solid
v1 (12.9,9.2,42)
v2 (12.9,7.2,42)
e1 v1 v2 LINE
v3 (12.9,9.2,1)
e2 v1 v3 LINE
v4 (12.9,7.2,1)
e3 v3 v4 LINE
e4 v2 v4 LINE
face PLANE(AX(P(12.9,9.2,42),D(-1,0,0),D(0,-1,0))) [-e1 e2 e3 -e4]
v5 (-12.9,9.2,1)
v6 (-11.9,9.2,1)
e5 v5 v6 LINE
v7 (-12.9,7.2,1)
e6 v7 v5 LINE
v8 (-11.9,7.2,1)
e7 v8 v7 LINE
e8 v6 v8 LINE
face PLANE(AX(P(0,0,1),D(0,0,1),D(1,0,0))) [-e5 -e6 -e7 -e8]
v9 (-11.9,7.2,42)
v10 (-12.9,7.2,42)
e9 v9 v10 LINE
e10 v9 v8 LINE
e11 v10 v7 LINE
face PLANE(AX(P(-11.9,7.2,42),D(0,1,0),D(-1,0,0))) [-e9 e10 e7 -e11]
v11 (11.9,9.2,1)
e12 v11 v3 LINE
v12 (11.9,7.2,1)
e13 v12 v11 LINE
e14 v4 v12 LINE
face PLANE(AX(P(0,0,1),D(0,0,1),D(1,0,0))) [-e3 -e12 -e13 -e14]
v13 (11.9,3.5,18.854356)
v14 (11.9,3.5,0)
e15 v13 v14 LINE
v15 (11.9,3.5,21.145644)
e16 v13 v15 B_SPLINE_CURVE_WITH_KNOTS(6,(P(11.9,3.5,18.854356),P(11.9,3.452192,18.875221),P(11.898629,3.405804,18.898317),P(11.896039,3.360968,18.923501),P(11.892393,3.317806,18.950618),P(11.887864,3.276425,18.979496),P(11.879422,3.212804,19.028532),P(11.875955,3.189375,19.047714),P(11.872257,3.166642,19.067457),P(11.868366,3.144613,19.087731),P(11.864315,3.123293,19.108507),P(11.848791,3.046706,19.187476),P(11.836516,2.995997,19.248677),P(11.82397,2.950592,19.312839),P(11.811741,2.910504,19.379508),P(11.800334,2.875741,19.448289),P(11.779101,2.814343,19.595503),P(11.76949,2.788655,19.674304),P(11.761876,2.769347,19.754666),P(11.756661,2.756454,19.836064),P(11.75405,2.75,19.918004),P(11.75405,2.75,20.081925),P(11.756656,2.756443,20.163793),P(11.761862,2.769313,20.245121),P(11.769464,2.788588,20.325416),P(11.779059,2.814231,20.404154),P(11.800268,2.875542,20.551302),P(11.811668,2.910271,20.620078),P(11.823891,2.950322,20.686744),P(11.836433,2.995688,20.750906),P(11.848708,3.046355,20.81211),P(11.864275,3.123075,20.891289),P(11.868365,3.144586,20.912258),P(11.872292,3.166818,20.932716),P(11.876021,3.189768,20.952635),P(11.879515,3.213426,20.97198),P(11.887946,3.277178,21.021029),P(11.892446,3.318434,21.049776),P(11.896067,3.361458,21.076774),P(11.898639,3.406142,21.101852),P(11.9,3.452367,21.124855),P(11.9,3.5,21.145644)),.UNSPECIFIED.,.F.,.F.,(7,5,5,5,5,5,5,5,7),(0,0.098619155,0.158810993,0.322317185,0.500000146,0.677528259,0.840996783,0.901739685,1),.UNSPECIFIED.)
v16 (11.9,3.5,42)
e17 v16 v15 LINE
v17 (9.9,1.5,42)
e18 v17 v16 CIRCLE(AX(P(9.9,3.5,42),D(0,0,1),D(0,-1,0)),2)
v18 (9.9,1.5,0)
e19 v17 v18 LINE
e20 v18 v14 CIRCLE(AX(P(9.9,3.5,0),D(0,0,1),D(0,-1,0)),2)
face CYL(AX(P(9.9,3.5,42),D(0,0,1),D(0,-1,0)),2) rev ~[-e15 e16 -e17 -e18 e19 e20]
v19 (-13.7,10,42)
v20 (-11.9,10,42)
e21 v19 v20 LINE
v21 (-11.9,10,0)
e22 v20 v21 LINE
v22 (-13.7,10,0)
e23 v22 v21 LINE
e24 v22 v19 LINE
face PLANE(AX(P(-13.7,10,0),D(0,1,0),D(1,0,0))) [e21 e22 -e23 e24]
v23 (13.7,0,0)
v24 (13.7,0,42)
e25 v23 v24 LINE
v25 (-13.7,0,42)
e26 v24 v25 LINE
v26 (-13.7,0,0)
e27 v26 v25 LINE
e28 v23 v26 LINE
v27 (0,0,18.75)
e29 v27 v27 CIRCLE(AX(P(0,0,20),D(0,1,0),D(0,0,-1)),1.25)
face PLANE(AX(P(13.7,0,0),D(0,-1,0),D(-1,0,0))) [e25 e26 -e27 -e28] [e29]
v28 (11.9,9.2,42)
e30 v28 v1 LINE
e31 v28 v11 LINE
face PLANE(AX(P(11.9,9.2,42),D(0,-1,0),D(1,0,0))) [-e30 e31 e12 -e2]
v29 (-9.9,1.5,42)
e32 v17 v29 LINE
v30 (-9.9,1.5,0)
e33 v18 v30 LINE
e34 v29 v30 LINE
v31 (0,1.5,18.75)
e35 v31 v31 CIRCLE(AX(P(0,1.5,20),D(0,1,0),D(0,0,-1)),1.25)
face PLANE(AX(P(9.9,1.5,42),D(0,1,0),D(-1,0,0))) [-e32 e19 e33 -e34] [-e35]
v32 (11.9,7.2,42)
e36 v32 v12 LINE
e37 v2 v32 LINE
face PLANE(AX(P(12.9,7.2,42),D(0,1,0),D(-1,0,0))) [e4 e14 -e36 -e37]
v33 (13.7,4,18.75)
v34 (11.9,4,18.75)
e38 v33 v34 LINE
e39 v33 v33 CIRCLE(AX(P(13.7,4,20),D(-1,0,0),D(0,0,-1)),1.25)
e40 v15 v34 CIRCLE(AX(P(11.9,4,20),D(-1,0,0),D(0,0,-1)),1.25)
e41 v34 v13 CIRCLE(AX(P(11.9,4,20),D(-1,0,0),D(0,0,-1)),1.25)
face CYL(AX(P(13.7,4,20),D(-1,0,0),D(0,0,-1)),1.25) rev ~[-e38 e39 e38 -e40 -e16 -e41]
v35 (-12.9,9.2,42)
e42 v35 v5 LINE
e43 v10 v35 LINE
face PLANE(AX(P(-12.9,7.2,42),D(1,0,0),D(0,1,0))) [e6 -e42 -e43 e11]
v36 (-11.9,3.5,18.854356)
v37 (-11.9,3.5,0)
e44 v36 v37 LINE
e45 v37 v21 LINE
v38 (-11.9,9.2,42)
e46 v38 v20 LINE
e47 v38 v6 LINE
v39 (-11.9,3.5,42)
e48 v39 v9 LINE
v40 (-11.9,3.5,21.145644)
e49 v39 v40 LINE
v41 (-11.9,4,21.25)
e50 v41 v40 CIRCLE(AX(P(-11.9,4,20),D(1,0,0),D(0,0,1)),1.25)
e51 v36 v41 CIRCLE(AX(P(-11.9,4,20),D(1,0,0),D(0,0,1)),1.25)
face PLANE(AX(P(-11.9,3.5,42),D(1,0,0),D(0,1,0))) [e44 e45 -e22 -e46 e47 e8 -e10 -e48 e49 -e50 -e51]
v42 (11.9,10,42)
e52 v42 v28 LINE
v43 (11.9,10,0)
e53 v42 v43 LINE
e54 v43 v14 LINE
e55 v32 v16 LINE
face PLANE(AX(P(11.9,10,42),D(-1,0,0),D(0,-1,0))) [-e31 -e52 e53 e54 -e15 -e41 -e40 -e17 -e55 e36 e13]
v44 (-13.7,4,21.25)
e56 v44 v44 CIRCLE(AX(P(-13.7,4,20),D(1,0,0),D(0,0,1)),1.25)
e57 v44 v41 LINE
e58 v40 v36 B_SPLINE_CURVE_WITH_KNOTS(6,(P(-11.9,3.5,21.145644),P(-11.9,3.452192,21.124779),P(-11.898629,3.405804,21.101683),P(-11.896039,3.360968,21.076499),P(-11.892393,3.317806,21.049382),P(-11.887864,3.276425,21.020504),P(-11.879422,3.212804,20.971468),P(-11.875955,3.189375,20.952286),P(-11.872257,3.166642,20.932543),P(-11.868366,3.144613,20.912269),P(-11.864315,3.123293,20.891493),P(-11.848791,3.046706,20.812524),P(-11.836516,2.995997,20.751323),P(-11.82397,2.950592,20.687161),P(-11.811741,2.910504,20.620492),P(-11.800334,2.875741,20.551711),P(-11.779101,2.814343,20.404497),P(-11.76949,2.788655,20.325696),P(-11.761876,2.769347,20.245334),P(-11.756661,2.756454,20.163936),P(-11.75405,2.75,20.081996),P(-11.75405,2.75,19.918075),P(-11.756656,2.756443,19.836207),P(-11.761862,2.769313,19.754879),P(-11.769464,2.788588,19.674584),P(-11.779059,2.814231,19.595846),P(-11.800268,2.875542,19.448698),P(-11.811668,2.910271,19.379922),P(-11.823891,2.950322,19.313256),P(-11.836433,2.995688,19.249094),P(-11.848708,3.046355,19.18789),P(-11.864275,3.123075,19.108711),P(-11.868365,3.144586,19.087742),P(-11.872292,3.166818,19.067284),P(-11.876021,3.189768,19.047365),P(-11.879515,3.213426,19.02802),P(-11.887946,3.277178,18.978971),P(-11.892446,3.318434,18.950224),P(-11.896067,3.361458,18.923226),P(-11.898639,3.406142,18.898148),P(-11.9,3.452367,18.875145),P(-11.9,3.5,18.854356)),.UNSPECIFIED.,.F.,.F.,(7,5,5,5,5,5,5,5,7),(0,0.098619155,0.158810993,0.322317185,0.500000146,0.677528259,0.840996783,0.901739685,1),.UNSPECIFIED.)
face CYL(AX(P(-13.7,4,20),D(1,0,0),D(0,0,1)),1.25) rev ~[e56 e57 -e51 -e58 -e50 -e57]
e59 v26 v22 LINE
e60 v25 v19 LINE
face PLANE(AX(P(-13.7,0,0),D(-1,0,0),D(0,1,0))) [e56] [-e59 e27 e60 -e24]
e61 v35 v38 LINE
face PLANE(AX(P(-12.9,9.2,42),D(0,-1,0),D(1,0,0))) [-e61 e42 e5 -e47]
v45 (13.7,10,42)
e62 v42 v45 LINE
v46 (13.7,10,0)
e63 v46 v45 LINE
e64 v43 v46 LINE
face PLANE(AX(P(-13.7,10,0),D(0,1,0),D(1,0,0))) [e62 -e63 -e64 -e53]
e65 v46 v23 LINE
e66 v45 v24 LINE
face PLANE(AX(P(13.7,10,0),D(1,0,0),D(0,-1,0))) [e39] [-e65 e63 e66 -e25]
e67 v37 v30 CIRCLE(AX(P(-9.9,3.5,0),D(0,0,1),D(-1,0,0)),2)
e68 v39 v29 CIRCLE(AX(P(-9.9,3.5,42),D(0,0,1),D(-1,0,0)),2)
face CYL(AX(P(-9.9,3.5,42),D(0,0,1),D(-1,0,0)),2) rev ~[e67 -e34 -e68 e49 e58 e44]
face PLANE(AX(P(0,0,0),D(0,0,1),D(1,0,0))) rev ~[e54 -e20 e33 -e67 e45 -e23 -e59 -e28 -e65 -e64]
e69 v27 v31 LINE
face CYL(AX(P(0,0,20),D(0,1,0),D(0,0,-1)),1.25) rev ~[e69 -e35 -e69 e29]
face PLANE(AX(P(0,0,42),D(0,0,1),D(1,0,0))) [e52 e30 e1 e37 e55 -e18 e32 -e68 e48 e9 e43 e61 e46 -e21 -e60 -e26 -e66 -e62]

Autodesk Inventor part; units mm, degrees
ref_plane "YZ Plane" through (0, 0, 0) normal (1, 0, 0) x (0, 1, 0)
ref_plane "XZ Plane" through (0, 0, 0) normal (0, 1, 0) x (-1, 0, 0)
ref_plane "XY Plane" through (0, 0, 0) normal (0, 0, 1) x (1, 0, 0)
sketch "本体面" plane through (0, 0, 0) normal (0, 0, 1) x (1, 0, 0)
  line L0 (-13.7, 10) -> (13.7, 10)
  line L1 (13.7, 10) -> (13.7, 0)
  line L2 (13.7, 0) -> (-13.7, 0)
  line L3 (-13.7, 0) -> (-13.7, 10)
  point P0 (0, 0)
  point P1 (0, 0)
  dimension "d0" = 27.4
  dimension "d1" = 10
extrude "本体" add sketch "本体面" along normal blind 42
sketch "空洞面" plane through (0, 0, 42) normal (0, 0, 1) x (1, 0, 0)
  line L0 (-11.9, 10) -> (11.9, 10)
  line L1 (11.9, 10) -> (11.9, 3.5)
  line L2 (9.9, 1.5) -> (-9.9, 1.5)
  line L3 (-11.9, 3.5) -> (-11.9, 10)
  line L4 (13.7, 10) -> (-13.7, 10) projected
  arc A0 (-11.9, 3.5) -> (-9.9, 1.5) centre (-9.9, 3.5) ccw
  arc A1 (9.9, 1.5) -> (11.9, 3.5) centre (9.9, 3.5) ccw
  point P0 (0, 0)
  point P1 (11.9, 1.5)
  point P2 (-11.9, 1.5)
  point P3 (0, 10)
  dimension "d4" = 23.8
  dimension "d5" = 8.5
  dimension "d6" = 2
extrude "空洞" cut sketch "空洞面" against normal blind 42
sketch "左溝面" plane through (0, 0, 42) normal (0, 0, 1) x (1, 0, 0)
  line L0 (-12.9, 9.2) -> (-11.9, 9.2)
  line L1 (-11.9, 9.2) -> (-11.9, 7.2)
  line L2 (-11.9, 7.2) -> (-12.9, 7.2)
  line L3 (-12.9, 7.2) -> (-12.9, 9.2)
  line L4 (-11.9, 10) -> (-13.7, 10) construction
  line L5 (-13.7, 10) -> (-13.7, 0) construction
  line L6 (-11.9, 3.5) -> (-11.9, 10) construction
  point P0 (0, 0)
  dimension "d10" = 2
  dimension "d27" = 0.8
  dimension "d28" = 0.8
extrude "左溝" cut sketch "左溝面" against normal blind 41
sketch "右溝面" plane through (0, 0, 42) normal (0, 0, 1) x (1, 0, 0)
  line L0 (11.9, 9.2) -> (12.9, 9.2)
  line L1 (12.9, 9.2) -> (12.9, 7.2)
  line L2 (12.9, 7.2) -> (11.9, 7.2)
  line L3 (11.9, 7.2) -> (11.9, 9.2)
  line L4 (13.7, 10) -> (11.9, 10) projected
  line L5 (13.7, 0) -> (13.7, 10) projected
  line L6 (11.9, 10) -> (11.9, 3.5) projected
  point P0 (0, 0)
  dimension "d22" = 2
  dimension "d29" = 0.8
  dimension "d30" = 0.8
extrude "右溝" cut sketch "右溝面" against normal blind 41
sketch "右穴位置" plane through (13.7, 0, 0) normal (1, 0, 0) x (0, 0, -1)
  line L0 (-20, 0) -> (0, 0) construction
  line L1 (-20, 0) -> (-20, 4) construction
  line L2 (0, 10) -> (-42, 10) construction
  line L3 (0, 0) -> (-42, 0) construction
  line L4 (0, 10) -> (0, 0) construction
  dimension "d31" = 20
  dimension "d32" = 4
hole "右穴" at (13.7, 4, 20) direction (-1, 0, 0) diameter 2.5 depth 8 tip angle 118
sketch "左穴位置" plane through (-13.7, 0, 0) normal (-1, 0, 0) x (0, 0, 1)
  line L0 (0, 0) -> (20, 0) construction
  line L1 (20, 0) -> (20, 4) construction
  point P0 (0, 0)
  point P1 (0, 0)
  dimension "d40" = 4
  dimension "d41" = 20
hole "左穴" at (-13.7, 4, 20) direction (1, 0, 0) diameter 2.5 depth 8 tip angle 118
sketch "背穴位置" plane through (-13.7, 0, 0) normal (0, -1, 0) x (1, 0, 0)
  line L0 (13.7, 20) -> (13.7, 0) construction
  line L1 (27.4, 0) -> (0, 0) construction
  dimension "d49" = 20
hole "背穴" at (0, 0, 20) direction (0, 1, 0) diameter 2.5 depth 8 tip angle 118
properties part number "Pcam5C_holder"
